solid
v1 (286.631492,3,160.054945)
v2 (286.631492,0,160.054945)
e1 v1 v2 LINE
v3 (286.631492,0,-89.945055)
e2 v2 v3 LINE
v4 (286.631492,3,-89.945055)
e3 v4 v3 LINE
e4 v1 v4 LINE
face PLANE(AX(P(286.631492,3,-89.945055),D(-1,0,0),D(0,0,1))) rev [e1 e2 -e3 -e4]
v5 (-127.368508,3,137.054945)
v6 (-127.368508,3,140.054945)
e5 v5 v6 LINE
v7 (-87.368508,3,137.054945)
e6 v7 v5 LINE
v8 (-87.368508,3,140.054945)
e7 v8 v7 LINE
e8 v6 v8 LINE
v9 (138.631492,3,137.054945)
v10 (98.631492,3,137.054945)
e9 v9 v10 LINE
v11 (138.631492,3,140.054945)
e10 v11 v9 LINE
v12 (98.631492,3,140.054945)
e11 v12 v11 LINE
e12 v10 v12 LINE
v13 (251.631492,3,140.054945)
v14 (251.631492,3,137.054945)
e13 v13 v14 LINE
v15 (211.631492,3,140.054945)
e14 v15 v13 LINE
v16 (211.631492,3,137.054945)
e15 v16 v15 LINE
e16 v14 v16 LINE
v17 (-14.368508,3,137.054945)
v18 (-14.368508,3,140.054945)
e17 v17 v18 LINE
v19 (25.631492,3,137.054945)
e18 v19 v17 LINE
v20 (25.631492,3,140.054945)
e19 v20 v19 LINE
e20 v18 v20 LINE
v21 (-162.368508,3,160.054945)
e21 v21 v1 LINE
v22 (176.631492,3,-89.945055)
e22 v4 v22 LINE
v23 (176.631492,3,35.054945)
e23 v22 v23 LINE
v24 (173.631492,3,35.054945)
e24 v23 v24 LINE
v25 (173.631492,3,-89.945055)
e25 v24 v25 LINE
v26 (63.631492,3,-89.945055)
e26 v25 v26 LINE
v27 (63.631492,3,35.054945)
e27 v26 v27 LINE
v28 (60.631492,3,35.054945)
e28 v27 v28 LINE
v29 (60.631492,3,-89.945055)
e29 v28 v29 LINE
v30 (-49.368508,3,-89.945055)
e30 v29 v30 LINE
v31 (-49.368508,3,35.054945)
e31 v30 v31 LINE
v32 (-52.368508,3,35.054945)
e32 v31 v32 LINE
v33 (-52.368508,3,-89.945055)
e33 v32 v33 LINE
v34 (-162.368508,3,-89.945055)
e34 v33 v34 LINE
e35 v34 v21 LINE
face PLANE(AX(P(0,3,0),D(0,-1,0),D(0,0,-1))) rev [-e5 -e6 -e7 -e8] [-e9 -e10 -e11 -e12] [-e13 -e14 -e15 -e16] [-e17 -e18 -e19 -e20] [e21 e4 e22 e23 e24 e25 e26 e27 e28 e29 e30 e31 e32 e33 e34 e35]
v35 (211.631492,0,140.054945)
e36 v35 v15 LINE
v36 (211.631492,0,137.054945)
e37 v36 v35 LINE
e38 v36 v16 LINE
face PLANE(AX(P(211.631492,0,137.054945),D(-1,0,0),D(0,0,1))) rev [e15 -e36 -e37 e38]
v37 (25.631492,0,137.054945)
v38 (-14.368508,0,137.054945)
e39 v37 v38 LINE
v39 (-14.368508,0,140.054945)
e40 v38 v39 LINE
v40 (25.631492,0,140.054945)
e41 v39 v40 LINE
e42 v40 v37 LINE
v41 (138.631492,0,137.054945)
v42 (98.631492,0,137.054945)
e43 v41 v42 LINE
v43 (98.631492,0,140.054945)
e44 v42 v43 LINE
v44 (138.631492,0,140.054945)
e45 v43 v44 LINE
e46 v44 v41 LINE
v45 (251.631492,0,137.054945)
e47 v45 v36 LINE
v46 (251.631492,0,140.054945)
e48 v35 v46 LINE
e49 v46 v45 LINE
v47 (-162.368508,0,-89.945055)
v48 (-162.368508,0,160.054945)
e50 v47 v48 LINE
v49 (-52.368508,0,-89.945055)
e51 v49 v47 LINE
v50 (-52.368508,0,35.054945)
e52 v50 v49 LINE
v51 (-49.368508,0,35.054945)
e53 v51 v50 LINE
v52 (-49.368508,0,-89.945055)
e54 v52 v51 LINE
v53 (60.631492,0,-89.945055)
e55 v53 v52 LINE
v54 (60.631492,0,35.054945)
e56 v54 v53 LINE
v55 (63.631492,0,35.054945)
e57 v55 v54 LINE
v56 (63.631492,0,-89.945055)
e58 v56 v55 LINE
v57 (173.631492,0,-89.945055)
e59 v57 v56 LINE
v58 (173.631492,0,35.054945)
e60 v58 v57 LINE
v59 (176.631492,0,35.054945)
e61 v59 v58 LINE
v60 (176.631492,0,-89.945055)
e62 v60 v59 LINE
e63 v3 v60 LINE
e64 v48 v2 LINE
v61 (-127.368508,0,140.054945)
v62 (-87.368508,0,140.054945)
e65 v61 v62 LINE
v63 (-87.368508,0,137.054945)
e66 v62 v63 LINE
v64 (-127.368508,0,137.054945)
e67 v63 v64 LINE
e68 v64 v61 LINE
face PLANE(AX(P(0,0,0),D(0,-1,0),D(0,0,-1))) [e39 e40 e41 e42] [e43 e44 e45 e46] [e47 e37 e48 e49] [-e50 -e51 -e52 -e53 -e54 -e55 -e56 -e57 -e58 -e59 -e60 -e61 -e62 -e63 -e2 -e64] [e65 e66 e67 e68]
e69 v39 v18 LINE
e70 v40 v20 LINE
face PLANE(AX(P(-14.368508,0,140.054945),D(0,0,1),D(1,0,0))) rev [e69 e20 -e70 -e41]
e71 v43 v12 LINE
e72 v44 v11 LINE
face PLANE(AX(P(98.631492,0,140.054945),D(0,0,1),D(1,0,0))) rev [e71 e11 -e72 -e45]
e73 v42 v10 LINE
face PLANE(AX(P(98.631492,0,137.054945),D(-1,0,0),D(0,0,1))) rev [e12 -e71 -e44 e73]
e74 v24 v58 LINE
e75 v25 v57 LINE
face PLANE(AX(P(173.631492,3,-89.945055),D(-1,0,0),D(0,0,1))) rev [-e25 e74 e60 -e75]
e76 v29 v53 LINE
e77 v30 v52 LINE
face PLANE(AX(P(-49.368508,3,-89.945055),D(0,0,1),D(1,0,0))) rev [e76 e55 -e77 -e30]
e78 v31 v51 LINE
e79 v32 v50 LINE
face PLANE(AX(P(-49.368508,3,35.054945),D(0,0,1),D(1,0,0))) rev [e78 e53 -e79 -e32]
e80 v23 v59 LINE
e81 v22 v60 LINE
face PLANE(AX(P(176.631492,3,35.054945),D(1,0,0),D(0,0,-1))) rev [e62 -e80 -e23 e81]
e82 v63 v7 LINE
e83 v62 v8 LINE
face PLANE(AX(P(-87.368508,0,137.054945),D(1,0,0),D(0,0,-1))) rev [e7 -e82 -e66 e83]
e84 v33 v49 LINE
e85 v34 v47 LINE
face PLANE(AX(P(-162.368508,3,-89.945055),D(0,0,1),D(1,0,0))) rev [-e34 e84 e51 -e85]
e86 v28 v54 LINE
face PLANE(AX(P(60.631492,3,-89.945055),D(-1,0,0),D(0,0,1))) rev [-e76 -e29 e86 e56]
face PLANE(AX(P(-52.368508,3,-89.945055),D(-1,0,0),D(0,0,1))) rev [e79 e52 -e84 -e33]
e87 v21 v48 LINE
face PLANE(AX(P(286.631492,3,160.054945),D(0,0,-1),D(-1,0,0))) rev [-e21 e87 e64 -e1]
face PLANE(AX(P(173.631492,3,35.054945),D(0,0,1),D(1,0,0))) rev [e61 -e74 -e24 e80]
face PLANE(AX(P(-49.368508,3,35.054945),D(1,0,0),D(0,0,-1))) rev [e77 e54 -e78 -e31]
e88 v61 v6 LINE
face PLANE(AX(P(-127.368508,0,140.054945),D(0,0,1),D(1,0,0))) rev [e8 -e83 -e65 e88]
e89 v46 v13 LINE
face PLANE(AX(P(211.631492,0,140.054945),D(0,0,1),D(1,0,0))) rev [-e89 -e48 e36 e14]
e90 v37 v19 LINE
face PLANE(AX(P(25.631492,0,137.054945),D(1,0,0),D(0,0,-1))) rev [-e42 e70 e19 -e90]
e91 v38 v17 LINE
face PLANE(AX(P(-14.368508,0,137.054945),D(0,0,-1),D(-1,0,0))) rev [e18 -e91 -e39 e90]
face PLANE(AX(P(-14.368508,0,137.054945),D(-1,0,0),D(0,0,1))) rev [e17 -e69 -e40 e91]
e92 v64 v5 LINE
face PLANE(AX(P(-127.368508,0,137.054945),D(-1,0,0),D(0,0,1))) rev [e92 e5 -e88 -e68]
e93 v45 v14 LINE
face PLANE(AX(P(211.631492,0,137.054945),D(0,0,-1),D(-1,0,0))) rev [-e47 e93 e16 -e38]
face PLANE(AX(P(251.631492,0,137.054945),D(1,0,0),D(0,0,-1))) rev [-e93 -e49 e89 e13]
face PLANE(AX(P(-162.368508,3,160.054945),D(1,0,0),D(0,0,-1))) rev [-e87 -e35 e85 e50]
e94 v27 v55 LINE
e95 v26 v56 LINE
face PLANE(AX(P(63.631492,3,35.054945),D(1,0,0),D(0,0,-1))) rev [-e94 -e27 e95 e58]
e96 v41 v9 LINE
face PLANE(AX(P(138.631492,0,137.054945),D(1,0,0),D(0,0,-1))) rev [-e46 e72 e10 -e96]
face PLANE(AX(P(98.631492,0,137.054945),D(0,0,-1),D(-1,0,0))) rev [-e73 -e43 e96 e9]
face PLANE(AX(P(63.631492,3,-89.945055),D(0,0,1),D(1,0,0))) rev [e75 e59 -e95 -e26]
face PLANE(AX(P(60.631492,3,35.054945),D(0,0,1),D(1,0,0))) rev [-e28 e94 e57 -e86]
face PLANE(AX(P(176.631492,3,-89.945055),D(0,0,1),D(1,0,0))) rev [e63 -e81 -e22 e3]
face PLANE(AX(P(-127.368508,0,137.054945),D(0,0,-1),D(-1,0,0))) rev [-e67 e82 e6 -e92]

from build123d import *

# Parameters (mm, degrees)
BOSS_EXTRUDE1_DEPTH = 3
SKETCH2_W           = 40
SKETCH2_H           = 3
CUT_EXTRUDE1_DEPTH  = 3


with BuildPart() as part:
    # Sketch1 → Boss-Extrude1 (new body)
    with BuildSketch(Plane(origin=(0, 0, 0), x_dir=(1, 0, 0), z_dir=(0, 1, 0))):
        Polygon((-162.368507953, 89.945054945), (-52.368507953, 89.945054945), (-52.368507953, -35.054945055), (-49.368507953, -35.054945055), (-49.368507953, 89.945054945), (60.631492047, 89.945054945), (60.631492047, -35.054945055), (63.631492047, -35.054945055), (63.631492047, 89.945054945), (173.631492047, 89.945054945), (173.631492047, -35.054945055), (176.631492047, -35.054945055), (176.631492047, 89.945054945), (286.631492047, 89.945054945), (286.631492047, -160.054945055), (-162.368507953, -160.054945055), align=None)
    extrude(amount=BOSS_EXTRUDE1_DEPTH)

    # Sketch2 → Cut-Extrude1 (cut)
    with BuildSketch(Plane(origin=(0, 3, 0), x_dir=(1, 0, 0), z_dir=(0, 1, 0))):
        with Locations((-107.368507953, -138.554945055)):
            Rectangle(SKETCH2_W, SKETCH2_H)
        with Locations((5.631492047, -138.554945055)):
            Rectangle(SKETCH2_W, SKETCH2_H)
        with Locations((118.631492047, -138.554945055)):
            Rectangle(SKETCH2_W, SKETCH2_H)
        with Locations((231.631492047, -138.554945055)):
            Rectangle(SKETCH2_W, SKETCH2_H)
    extrude(amount=-CUT_EXTRUDE1_DEPTH, mode=Mode.SUBTRACT)


solid = part.part
